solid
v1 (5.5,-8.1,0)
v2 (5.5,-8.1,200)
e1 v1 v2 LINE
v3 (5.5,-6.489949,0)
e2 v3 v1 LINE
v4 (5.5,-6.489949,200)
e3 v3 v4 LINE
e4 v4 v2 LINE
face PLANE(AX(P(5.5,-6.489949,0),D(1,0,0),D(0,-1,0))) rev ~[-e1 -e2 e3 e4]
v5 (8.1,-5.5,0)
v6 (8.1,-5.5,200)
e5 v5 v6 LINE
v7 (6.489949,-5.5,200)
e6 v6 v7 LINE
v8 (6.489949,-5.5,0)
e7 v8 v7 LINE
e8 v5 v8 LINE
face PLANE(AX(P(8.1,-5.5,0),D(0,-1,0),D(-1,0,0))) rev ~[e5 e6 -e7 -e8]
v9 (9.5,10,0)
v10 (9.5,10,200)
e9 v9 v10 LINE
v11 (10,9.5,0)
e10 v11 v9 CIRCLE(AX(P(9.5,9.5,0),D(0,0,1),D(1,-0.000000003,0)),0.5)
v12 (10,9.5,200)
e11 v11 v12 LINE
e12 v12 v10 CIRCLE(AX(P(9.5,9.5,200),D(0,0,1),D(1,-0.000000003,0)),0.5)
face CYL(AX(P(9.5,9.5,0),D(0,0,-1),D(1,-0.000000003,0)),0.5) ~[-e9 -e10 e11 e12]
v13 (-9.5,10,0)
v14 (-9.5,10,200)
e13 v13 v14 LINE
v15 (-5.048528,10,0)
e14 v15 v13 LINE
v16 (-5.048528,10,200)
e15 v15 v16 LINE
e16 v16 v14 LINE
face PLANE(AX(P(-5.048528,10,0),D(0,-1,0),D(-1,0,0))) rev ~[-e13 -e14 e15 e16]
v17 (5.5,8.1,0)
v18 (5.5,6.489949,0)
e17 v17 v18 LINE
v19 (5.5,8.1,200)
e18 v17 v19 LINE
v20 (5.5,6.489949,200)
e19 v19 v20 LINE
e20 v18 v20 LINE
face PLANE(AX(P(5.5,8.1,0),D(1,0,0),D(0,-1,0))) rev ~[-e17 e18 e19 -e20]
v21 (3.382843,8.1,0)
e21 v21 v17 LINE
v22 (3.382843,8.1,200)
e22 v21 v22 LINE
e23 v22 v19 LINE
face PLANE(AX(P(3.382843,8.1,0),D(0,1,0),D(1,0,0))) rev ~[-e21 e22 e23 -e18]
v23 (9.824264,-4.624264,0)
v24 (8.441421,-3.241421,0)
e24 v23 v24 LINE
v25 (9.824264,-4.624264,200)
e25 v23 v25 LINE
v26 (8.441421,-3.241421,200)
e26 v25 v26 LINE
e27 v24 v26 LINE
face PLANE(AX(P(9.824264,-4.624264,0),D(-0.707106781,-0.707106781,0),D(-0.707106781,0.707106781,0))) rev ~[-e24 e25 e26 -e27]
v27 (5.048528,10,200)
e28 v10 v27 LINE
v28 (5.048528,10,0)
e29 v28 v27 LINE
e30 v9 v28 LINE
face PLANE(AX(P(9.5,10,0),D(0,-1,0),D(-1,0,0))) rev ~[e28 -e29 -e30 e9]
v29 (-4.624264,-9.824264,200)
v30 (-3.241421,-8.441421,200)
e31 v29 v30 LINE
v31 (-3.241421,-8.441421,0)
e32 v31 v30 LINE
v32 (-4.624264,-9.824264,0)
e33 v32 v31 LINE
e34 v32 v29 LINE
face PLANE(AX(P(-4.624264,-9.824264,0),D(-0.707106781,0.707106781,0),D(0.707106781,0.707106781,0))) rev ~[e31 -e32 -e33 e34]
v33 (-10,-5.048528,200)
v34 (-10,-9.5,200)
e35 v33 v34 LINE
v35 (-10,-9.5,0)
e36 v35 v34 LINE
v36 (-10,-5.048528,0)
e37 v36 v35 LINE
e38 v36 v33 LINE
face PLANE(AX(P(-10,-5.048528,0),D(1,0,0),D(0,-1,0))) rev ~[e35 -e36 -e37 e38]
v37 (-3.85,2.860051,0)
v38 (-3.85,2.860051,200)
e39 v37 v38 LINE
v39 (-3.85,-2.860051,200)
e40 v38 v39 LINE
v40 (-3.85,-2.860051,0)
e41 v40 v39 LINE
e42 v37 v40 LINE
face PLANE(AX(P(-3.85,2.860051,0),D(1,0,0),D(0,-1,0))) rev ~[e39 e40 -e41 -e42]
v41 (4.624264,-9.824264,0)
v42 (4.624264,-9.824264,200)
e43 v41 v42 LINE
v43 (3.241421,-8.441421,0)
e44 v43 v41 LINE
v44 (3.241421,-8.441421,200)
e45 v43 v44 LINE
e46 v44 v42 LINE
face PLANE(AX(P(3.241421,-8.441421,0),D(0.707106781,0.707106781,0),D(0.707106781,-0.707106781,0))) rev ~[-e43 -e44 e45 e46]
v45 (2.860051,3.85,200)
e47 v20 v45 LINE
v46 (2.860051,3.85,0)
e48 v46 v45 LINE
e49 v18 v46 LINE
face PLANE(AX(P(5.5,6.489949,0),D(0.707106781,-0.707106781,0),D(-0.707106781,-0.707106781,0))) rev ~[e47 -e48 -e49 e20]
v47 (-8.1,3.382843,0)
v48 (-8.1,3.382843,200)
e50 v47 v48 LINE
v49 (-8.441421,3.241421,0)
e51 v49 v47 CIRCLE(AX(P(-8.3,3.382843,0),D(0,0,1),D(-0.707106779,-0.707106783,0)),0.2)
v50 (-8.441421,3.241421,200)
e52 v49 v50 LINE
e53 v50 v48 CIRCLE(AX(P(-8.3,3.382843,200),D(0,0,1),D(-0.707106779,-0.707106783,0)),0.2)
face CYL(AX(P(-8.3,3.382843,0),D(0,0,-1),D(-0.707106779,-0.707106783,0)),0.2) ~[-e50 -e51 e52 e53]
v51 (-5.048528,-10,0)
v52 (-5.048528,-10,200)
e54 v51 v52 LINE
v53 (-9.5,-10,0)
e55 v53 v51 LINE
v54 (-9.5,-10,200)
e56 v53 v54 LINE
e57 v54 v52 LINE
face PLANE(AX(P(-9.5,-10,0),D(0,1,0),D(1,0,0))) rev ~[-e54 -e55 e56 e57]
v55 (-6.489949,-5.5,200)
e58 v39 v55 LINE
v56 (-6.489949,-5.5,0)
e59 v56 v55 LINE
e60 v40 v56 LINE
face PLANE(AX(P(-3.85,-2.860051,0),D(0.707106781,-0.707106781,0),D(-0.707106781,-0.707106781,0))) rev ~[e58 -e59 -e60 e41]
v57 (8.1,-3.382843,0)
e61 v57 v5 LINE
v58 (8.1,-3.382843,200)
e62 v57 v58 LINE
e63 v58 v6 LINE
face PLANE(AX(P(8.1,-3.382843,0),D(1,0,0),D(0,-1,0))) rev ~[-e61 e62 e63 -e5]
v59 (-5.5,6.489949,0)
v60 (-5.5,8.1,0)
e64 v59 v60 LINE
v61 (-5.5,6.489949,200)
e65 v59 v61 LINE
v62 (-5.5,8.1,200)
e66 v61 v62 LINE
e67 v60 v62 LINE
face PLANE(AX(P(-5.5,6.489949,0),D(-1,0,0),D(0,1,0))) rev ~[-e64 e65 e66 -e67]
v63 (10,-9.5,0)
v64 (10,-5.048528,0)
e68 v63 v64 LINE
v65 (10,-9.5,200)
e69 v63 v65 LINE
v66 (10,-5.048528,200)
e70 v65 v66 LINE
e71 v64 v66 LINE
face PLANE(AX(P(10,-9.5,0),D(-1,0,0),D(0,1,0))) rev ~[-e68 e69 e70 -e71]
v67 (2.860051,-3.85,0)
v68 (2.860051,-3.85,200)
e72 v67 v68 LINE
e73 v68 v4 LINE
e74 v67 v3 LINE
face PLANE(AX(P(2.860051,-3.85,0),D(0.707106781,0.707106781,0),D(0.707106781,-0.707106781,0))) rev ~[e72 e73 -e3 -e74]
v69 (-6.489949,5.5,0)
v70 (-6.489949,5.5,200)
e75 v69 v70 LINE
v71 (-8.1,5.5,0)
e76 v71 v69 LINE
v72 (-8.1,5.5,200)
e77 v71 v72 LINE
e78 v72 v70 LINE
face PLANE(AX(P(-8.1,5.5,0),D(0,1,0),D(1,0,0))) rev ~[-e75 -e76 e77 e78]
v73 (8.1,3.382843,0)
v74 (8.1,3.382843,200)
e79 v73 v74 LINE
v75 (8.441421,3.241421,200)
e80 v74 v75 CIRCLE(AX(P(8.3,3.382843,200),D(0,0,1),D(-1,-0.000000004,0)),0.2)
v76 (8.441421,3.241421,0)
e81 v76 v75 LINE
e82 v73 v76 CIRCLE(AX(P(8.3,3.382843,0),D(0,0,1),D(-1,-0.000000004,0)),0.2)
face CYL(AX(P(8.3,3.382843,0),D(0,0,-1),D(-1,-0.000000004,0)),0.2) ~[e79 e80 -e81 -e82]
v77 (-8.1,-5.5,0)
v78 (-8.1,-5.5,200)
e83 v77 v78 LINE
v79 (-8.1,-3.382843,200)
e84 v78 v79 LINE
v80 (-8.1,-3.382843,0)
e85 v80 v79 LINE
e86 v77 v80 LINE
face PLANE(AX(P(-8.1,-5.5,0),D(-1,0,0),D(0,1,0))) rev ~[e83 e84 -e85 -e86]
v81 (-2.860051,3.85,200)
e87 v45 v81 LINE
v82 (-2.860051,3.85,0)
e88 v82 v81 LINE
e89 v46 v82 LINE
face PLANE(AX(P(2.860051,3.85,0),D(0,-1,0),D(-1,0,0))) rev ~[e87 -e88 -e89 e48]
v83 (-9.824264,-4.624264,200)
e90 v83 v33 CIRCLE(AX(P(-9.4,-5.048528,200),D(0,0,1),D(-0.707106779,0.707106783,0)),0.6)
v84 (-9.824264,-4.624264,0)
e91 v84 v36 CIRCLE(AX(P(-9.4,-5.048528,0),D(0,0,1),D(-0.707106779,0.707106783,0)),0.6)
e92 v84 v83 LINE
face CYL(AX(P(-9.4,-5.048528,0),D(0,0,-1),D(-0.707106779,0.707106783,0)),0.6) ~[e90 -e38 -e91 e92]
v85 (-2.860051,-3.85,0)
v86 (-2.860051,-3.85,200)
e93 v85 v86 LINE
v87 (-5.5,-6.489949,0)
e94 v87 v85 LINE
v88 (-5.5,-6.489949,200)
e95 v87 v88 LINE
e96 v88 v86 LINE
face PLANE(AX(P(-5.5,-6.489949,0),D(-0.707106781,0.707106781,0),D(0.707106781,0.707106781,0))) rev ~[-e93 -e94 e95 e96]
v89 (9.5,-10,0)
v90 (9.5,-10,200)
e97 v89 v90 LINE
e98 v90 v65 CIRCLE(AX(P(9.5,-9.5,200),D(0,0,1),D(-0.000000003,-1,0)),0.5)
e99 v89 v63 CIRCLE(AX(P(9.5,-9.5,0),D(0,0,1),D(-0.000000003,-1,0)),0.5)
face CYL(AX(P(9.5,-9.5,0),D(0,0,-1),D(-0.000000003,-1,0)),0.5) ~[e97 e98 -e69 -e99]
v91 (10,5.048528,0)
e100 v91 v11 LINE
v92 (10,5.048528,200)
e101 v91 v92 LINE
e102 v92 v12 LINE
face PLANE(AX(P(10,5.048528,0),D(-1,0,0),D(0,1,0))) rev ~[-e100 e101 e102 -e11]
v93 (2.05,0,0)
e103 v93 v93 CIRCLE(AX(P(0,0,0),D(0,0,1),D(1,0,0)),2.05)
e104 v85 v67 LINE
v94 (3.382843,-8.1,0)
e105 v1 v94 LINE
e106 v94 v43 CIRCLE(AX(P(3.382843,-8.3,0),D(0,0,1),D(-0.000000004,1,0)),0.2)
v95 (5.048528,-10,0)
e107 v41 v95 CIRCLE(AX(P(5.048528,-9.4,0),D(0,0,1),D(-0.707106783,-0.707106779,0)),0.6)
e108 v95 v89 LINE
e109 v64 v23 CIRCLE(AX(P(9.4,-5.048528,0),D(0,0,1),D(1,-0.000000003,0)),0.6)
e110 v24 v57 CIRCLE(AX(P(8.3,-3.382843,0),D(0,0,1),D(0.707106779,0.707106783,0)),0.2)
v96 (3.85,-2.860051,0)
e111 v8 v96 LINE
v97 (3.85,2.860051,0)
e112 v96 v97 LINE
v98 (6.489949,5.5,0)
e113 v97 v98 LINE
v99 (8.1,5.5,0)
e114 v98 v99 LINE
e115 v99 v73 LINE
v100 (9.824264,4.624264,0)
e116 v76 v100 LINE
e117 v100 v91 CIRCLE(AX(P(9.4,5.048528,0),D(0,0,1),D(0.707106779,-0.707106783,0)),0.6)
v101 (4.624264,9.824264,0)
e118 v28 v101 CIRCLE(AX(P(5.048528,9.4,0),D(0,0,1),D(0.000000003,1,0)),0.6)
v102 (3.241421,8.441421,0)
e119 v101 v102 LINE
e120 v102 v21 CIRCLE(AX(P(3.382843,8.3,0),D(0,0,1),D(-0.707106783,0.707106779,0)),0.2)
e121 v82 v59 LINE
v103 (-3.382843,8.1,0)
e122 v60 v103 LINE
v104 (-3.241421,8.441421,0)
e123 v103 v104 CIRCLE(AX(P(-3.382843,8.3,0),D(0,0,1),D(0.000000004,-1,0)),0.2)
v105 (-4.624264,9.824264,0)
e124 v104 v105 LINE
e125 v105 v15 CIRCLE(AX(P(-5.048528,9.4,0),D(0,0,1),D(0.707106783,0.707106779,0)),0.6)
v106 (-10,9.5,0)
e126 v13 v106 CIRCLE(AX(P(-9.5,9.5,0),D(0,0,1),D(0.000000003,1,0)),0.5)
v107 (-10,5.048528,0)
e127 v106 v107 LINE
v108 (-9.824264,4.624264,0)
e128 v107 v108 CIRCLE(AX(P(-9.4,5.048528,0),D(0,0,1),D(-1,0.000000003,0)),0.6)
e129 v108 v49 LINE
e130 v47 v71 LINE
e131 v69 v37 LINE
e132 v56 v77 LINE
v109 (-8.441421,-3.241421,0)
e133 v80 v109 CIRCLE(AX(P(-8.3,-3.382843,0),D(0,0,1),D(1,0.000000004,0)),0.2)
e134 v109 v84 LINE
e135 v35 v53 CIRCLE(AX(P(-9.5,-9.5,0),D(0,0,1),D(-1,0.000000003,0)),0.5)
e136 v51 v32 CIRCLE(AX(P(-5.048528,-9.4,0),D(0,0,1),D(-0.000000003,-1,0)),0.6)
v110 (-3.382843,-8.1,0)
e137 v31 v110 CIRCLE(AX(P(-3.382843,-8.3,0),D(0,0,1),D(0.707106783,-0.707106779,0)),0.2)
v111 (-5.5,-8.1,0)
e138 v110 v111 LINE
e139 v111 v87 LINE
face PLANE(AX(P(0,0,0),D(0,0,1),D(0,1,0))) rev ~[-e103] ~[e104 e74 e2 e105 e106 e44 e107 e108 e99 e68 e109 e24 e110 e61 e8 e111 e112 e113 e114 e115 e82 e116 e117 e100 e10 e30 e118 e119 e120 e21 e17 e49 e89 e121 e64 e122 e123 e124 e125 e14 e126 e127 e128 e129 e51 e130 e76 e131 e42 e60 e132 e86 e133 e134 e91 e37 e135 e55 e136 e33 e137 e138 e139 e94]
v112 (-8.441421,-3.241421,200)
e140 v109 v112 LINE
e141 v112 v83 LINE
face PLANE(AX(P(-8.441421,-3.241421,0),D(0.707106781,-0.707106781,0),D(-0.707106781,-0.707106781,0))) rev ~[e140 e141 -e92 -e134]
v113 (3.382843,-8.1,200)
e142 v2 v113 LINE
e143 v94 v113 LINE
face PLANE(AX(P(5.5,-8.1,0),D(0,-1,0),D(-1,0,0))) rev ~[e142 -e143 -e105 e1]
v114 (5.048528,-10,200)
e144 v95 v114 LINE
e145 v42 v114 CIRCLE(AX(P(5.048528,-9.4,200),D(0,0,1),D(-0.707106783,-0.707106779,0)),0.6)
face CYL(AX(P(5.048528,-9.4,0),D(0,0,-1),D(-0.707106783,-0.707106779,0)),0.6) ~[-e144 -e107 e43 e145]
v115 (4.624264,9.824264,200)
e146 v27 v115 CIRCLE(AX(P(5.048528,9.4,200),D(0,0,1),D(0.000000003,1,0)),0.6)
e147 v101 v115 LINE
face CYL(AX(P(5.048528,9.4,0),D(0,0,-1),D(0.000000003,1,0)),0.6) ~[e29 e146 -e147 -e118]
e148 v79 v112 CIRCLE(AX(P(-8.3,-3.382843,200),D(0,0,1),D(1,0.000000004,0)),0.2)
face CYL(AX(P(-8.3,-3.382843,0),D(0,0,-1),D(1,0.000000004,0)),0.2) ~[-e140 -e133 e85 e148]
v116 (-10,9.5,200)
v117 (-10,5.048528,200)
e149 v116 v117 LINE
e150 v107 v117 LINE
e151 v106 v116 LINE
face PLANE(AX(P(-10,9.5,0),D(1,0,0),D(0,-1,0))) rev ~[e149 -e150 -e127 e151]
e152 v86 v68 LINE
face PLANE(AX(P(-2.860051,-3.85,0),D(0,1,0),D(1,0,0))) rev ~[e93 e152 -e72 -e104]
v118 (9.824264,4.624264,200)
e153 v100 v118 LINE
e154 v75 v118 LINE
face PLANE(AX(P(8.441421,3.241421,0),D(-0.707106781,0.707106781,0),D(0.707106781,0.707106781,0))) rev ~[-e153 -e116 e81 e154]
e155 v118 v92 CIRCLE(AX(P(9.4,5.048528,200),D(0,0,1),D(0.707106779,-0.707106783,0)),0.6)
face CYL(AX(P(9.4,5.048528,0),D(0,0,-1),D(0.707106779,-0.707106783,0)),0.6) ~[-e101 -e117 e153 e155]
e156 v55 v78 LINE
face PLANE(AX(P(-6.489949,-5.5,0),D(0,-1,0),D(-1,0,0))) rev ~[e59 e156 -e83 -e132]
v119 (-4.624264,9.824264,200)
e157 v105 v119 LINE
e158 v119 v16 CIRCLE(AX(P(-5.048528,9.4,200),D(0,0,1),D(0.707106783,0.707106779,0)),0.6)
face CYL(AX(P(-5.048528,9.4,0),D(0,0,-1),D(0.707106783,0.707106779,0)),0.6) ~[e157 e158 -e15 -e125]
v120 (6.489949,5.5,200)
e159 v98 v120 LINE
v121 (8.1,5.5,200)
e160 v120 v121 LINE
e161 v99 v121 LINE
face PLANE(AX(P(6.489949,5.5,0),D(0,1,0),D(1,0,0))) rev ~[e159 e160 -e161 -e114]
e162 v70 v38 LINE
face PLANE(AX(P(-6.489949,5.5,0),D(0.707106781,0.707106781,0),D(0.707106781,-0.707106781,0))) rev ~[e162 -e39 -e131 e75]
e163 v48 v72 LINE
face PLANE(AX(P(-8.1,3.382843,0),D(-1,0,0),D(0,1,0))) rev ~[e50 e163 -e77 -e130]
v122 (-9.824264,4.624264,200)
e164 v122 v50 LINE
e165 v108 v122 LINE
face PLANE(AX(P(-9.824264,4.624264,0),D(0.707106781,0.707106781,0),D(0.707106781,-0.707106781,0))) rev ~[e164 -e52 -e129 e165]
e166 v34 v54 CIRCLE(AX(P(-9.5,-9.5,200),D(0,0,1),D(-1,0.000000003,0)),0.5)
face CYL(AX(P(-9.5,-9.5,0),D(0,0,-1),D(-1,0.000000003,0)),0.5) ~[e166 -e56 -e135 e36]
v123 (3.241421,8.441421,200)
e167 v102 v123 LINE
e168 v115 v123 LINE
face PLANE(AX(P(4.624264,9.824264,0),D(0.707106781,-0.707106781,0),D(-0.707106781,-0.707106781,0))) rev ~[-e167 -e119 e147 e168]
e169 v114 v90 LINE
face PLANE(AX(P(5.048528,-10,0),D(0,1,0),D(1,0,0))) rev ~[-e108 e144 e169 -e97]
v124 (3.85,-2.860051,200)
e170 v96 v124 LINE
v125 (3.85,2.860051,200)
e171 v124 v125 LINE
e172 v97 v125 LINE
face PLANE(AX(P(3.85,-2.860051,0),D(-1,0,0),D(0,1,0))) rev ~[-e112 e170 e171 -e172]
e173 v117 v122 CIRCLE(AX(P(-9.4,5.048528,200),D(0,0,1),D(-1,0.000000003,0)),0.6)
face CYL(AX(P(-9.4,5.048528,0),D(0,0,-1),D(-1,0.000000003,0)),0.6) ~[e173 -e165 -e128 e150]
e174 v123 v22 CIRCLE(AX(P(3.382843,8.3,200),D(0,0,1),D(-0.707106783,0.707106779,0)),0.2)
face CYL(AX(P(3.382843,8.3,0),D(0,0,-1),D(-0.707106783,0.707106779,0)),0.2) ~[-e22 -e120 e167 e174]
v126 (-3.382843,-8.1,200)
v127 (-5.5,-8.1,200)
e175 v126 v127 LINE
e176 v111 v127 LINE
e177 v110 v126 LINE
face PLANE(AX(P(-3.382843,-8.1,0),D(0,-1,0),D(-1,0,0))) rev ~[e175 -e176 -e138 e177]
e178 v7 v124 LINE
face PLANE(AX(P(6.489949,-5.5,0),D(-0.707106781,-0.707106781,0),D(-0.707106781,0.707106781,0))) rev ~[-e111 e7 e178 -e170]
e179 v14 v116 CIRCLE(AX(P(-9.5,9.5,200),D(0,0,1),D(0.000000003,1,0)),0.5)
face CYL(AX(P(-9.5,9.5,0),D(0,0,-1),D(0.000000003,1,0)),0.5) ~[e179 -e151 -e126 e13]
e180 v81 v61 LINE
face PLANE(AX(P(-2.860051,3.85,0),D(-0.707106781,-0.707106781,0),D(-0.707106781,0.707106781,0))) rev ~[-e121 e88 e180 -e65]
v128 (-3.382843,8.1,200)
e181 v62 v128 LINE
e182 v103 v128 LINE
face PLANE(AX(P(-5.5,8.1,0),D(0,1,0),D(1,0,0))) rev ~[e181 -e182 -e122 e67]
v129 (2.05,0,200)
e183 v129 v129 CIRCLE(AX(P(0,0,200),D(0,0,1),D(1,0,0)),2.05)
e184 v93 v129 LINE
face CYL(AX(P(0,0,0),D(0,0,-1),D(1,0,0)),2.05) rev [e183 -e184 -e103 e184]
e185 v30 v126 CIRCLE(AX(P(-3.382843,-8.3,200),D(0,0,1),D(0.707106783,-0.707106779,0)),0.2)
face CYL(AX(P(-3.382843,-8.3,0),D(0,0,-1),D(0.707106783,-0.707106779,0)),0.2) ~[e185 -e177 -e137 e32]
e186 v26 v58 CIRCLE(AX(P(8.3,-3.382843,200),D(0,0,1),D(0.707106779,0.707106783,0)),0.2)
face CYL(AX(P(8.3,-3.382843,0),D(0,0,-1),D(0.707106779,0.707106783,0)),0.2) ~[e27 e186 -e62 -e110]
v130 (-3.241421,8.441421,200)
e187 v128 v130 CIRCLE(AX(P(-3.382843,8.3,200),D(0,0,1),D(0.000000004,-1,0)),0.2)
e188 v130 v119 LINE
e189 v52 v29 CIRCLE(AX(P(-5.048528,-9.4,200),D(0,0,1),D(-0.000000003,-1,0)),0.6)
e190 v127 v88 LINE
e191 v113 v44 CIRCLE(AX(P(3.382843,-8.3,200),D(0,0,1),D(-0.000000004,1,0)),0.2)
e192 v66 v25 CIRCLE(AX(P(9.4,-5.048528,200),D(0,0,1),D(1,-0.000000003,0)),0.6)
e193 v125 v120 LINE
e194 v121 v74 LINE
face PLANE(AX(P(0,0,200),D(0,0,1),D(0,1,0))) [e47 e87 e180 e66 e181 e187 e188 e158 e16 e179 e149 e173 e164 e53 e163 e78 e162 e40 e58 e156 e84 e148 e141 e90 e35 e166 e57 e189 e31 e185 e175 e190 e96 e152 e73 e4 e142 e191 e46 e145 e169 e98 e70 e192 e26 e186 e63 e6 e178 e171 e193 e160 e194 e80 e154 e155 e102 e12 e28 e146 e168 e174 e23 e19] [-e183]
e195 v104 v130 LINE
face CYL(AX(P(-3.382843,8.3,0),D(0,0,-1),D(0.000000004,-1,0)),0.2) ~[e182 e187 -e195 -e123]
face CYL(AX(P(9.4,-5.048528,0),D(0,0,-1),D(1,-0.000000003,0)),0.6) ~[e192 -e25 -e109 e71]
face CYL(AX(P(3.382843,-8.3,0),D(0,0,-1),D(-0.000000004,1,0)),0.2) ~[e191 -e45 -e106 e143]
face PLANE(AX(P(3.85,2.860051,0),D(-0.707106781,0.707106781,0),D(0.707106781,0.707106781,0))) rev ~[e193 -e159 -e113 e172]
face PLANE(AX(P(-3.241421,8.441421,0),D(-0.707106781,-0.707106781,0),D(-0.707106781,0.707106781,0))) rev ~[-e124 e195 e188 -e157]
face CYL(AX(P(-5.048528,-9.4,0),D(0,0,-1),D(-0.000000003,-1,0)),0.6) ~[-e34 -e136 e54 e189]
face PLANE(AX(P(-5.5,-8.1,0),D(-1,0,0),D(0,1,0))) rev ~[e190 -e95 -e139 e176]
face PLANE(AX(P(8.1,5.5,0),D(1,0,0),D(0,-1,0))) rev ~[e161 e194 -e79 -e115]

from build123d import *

# Parameters (mm, degrees)
SKETCH1_R           = 2.05
BOSS_EXTRUDE1_DEPTH = 200


with BuildPart() as part:
    # Sketch1 → Boss-Extrude1 (new body)
    with BuildSketch(Plane(origin=(0, 0, 0), x_dir=(0, 1, 0), z_dir=(0, 0, 1))):
        with BuildLine():
            Line((-2.860050506, -3.85), (2.860050506, -3.85))
            Line((2.860050506, -3.85), (5.5, -6.489949494))
            Line((5.5, -6.489949494), (5.5, -8.1))
            Line((5.5, -8.1), (3.382842712, -8.1))
            ThreePointArc((3.382842712, -8.1), (3.198066806, -8.223463314), (3.241421356, -8.441421356))
            Line((3.241421356, -8.441421356), (4.624264069, -9.824264069))
            ThreePointArc((4.624264069, -9.824264069), (4.818918078, -9.95432772), (5.048528137, -10))
            Line((5.048528137, -10), (9.5, -10))
            ThreePointArc((9.5, -10), (9.853553391, -9.853553391), (10, -9.5))
            Line((10, -9.5), (10, -5.048528137))
            ThreePointArc((10, -5.048528137), (9.95432772, -4.818918078), (9.824264069, -4.624264069))
            Line((9.824264069, -4.624264069), (8.441421356, -3.241421356))
            ThreePointArc((8.441421356, -3.241421356), (8.223463314, -3.198066806), (8.1, -3.382842712))
            Line((8.1, -3.382842712), (8.1, -5.5))
            Line((8.1, -5.5), (6.489949494, -5.5))
            Line((6.489949494, -5.5), (3.85, -2.860050506))
            Line((3.85, -2.860050506), (3.85, 2.860050506))
            Line((3.85, 2.860050506), (6.489949494, 5.5))
            Line((6.489949494, 5.5), (8.1, 5.5))
            Line((8.1, 5.5), (8.1, 3.382842712))
            ThreePointArc((8.1, 3.382842712), (8.223463314, 3.198066806), (8.441421356, 3.241421356))
            Line((8.441421356, 3.241421356), (9.824264069, 4.624264069))
            ThreePointArc((9.824264069, 4.624264069), (9.95432772, 4.818918078), (10, 5.048528137))
            Line((10, 5.048528137), (10, 9.5))
            ThreePointArc((10, 9.5), (9.853553391, 9.853553391), (9.5, 10))
            Line((9.5, 10), (5.048528137, 10))
            ThreePointArc((5.048528137, 10), (4.818918078, 9.95432772), (4.624264069, 9.824264069))
            Line((4.624264069, 9.824264069), (3.241421356, 8.441421356))
            ThreePointArc((3.241421356, 8.441421356), (3.198066806, 8.223463314), (3.382842712, 8.1))
            Line((3.382842712, 8.1), (5.5, 8.1))
            Line((5.5, 8.1), (5.5, 6.489949494))
            Line((5.5, 6.489949494), (2.860050506, 3.85))
            Line((2.860050506, 3.85), (-2.860050506, 3.85))
            Line((-2.860050506, 3.85), (-5.5, 6.489949494))
            Line((-5.5, 6.489949494), (-5.5, 8.1))
            Line((-5.5, 8.1), (-3.382842712, 8.1))
            ThreePointArc((-3.382842712, 8.1), (-3.198066806, 8.223463314), (-3.241421356, 8.441421356))
            Line((-3.241421356, 8.441421356), (-4.624264069, 9.824264069))
            ThreePointArc((-4.624264069, 9.824264069), (-4.818918078, 9.95432772), (-5.048528137, 10))
            Line((-5.048528137, 10), (-9.5, 10))
            ThreePointArc((-9.5, 10), (-9.853553391, 9.853553391), (-10, 9.5))
            Line((-10, 9.5), (-10, 5.048528137))
            ThreePointArc((-10, 5.048528137), (-9.95432772, 4.818918078), (-9.824264069, 4.624264069))
            Line((-9.824264069, 4.624264069), (-8.441421356, 3.241421356))
            ThreePointArc((-8.441421356, 3.241421356), (-8.223463314, 3.198066806), (-8.1, 3.382842712))
            Line((-8.1, 3.382842712), (-8.1, 5.5))
            Line((-8.1, 5.5), (-6.489949494, 5.5))
            Line((-6.489949494, 5.5), (-3.85, 2.860050506))
            Line((-3.85, 2.860050506), (-3.85, -2.860050506))
            Line((-3.85, -2.860050506), (-6.489949494, -5.5))
            Line((-6.489949494, -5.5), (-8.1, -5.5))
            Line((-8.1, -5.5), (-8.1, -3.382842712))
            ThreePointArc((-8.1, -3.382842712), (-8.223463314, -3.198066806), (-8.441421356, -3.241421356))
            Line((-8.441421356, -3.241421356), (-9.824264069, -4.624264069))
            ThreePointArc((-9.824264069, -4.624264069), (-9.95432772, -4.818918078), (-10, -5.048528137))
            Line((-10, -5.048528137), (-10, -9.5))
            ThreePointArc((-10, -9.5), (-9.853553391, -9.853553391), (-9.5, -10))
            Line((-9.5, -10), (-5.048528137, -10))
            ThreePointArc((-5.048528137, -10), (-4.818918078, -9.95432772), (-4.624264069, -9.824264069))
            Line((-4.624264069, -9.824264069), (-3.241421356, -8.441421356))
            ThreePointArc((-3.241421356, -8.441421356), (-3.198066806, -8.223463314), (-3.382842712, -8.1))
            Line((-3.382842712, -8.1), (-5.5, -8.1))
            Line((-5.5, -8.1), (-5.5, -6.489949494))
            Line((-5.5, -6.489949494), (-2.860050506, -3.85))
        make_face()
        with Locations(Location((0, 0, 0), (0, 0, 270))):
            Circle(SKETCH1_R, mode=Mode.SUBTRACT)
    extrude(amount=BOSS_EXTRUDE1_DEPTH)


solid = part.part
